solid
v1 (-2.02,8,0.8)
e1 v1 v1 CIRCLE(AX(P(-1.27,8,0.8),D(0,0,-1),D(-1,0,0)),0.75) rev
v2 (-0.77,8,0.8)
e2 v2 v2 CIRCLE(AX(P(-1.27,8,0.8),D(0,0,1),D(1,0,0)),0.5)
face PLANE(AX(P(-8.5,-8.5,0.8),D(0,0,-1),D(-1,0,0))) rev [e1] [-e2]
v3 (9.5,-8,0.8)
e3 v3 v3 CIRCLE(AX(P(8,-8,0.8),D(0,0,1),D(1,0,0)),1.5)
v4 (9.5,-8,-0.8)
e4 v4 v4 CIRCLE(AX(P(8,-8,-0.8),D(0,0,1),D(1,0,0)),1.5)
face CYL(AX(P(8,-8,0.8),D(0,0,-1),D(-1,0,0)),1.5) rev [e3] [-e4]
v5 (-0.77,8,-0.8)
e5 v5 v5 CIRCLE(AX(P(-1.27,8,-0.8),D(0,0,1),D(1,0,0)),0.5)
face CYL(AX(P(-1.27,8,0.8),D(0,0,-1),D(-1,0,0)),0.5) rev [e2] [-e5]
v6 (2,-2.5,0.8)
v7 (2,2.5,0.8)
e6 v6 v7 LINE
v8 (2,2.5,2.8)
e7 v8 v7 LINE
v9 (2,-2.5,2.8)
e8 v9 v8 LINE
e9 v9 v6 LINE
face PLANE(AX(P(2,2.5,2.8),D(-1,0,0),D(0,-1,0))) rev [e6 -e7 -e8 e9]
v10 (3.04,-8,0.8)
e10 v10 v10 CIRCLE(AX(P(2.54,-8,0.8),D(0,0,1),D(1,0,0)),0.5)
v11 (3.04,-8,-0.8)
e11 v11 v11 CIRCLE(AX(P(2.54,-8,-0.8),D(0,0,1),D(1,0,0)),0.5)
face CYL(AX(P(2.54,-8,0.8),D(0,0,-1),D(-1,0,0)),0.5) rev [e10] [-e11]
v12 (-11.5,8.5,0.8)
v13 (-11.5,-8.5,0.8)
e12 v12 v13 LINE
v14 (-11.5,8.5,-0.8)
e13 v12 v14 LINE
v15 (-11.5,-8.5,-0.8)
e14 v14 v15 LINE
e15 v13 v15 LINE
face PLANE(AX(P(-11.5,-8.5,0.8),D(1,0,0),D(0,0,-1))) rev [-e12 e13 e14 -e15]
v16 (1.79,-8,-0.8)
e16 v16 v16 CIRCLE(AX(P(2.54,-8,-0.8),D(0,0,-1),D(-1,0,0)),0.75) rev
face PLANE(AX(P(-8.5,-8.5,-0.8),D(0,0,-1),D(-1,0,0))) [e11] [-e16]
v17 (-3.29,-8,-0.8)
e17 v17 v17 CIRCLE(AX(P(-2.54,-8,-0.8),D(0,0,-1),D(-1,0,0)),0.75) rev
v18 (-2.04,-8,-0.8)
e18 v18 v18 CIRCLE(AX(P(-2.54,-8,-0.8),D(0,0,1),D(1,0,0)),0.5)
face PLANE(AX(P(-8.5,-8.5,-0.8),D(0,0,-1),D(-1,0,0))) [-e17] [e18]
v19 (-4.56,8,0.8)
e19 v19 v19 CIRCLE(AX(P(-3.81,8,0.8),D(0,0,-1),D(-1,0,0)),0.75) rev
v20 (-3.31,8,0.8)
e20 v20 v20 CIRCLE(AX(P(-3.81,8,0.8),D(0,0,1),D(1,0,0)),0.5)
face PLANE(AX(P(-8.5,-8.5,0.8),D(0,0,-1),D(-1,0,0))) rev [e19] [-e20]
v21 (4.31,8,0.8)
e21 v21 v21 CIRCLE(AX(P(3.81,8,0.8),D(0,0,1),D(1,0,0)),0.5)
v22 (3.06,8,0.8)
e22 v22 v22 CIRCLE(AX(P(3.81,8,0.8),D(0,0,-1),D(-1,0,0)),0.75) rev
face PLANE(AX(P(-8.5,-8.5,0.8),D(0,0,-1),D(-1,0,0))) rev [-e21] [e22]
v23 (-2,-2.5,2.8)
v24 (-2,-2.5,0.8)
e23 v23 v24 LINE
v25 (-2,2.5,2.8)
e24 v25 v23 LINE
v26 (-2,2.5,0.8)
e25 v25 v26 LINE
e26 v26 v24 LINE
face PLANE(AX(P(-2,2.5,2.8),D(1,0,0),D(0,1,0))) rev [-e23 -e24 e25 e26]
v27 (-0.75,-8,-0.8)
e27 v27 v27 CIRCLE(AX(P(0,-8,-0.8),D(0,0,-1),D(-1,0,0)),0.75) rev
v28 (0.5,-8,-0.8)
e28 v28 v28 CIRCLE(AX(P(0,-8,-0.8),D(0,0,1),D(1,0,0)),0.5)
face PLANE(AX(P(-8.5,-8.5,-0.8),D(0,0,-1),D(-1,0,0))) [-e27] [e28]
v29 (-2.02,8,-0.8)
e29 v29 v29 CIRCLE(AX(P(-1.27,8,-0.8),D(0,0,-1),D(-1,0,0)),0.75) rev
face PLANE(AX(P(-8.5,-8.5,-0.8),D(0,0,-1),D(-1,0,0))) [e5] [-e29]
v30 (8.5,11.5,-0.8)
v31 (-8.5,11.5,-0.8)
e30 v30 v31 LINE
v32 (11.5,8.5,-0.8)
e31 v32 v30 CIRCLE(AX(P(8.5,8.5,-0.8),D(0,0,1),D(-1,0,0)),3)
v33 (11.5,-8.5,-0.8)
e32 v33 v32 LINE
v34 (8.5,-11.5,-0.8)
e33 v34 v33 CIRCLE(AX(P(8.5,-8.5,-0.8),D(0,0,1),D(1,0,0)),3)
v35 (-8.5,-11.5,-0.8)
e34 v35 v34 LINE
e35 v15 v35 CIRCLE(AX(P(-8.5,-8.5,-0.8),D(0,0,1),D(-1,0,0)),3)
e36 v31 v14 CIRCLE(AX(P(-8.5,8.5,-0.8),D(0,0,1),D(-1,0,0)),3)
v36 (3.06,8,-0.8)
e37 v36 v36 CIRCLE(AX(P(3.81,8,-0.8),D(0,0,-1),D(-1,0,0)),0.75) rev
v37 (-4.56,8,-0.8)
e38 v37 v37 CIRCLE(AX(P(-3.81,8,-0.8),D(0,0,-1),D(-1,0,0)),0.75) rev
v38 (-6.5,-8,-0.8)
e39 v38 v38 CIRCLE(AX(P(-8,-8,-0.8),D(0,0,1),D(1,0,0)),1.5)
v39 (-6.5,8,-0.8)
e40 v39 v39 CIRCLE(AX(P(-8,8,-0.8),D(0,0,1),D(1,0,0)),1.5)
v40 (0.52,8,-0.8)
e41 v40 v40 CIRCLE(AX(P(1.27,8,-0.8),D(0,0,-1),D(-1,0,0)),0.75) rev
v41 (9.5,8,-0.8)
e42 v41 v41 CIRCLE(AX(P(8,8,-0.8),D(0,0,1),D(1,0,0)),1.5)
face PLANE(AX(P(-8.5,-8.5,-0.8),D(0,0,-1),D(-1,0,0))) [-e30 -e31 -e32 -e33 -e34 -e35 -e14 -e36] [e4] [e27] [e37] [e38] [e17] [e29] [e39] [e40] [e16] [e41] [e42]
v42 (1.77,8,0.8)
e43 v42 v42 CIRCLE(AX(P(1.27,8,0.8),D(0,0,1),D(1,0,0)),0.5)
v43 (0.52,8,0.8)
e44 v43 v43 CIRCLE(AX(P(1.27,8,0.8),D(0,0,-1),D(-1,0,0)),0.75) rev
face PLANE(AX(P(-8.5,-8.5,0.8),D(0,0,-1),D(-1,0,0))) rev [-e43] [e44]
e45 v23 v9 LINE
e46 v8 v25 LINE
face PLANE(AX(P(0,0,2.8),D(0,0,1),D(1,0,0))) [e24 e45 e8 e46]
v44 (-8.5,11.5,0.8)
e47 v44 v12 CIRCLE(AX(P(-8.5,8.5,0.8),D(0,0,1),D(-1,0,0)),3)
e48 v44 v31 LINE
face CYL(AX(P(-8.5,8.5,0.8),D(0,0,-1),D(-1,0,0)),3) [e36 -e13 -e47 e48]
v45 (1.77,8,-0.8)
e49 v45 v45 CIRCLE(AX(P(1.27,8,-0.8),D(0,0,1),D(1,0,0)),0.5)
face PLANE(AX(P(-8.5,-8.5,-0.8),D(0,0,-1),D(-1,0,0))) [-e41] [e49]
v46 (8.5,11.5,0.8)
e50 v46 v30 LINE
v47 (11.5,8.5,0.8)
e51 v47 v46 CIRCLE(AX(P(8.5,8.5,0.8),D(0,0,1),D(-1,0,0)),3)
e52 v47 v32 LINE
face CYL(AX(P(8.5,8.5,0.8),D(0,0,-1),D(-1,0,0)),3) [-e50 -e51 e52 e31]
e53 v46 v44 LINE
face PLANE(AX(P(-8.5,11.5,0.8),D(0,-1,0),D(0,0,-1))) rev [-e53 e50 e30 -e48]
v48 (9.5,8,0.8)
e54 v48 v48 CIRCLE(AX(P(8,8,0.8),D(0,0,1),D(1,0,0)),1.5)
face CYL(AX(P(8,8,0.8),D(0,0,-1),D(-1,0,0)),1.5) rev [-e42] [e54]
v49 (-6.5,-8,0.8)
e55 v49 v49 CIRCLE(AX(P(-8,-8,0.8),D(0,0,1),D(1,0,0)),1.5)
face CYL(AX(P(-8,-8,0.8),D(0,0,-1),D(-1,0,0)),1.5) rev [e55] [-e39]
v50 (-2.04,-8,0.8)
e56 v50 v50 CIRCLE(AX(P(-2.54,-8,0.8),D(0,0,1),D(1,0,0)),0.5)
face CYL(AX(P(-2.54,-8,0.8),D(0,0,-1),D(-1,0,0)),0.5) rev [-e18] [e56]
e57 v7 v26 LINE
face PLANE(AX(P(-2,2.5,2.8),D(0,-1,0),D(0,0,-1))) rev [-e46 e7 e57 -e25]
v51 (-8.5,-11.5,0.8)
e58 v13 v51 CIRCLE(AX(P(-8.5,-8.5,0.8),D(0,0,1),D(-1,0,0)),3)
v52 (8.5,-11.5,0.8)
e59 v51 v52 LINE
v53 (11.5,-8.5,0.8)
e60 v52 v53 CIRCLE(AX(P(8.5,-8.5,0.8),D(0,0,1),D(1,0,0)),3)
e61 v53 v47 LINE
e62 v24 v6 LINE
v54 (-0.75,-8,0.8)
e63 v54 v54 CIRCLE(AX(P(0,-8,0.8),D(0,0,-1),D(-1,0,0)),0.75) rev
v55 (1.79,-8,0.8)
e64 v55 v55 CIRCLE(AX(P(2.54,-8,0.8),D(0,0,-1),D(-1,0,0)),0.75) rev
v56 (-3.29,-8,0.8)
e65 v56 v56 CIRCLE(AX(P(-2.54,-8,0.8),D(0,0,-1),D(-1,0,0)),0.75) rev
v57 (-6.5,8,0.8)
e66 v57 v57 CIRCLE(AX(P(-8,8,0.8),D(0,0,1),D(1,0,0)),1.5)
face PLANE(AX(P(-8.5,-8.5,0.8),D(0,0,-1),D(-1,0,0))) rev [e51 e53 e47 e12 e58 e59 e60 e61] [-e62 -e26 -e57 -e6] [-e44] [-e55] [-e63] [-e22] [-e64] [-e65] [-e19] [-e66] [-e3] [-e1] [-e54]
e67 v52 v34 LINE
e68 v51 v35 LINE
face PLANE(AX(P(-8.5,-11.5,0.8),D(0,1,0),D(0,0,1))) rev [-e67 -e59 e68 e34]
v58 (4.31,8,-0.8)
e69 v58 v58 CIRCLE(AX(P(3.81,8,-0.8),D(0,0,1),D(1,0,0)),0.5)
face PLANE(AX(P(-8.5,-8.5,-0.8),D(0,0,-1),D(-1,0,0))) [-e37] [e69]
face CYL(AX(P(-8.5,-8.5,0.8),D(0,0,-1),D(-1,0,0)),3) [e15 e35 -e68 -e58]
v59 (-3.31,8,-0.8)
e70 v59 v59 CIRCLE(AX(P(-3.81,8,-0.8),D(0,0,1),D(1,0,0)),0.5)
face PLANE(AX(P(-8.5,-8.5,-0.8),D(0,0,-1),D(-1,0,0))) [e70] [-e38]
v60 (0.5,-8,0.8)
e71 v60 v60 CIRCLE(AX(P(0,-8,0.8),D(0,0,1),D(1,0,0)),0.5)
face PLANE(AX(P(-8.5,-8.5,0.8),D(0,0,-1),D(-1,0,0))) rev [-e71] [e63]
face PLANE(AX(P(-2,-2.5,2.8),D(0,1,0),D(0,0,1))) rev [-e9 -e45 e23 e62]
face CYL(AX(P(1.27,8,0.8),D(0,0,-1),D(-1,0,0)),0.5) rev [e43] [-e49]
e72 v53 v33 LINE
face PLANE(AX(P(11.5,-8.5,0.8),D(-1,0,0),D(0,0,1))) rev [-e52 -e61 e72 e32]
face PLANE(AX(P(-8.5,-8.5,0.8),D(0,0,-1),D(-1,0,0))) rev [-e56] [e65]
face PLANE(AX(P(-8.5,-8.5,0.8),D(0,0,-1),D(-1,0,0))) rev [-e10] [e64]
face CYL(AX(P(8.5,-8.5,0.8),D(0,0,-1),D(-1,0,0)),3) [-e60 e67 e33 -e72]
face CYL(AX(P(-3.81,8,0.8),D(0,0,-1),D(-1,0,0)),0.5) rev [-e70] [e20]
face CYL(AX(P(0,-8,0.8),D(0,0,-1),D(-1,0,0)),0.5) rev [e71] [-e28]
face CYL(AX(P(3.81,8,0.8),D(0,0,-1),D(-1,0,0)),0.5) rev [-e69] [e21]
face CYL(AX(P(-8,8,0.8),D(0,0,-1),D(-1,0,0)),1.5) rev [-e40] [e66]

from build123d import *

# Parameters (mm, degrees)
SKETCH1_R           = 1.5
SKETCH1_R_2         = 0.5
BOSS_EXTRUDE1_DEPTH = 0.8
SKETCH2_W           = 4
SKETCH2_H           = 5
BOSS_EXTRUDE2_DEPTH = 2


with BuildPart() as part:
    # Sketch1 → Boss-Extrude1 (new body, symmetric)
    with BuildSketch(Plane.XY):
        with BuildLine():
            Line((-8.5, -11.5), (8.5, -11.5))
            ThreePointArc((8.5, -11.5), (10.621320344, -10.621320344), (11.5, -8.5))
            Line((11.5, -8.5), (11.5, 8.5))
            ThreePointArc((11.5, 8.5), (10.621320344, 10.621320344), (8.5, 11.5))
            Line((8.5, 11.5), (-8.5, 11.5))
            ThreePointArc((-8.5, 11.5), (-10.621320344, 10.621320344), (-11.5, 8.5))
            Line((-11.5, 8.5), (-11.5, -8.5))
            ThreePointArc((-11.5, -8.5), (-10.621320344, -10.621320344), (-8.5, -11.5))
        make_face()
        with Locations((-8, 8)):
            Circle(SKETCH1_R, mode=Mode.SUBTRACT)
        with Locations((8, 8)):
            Circle(SKETCH1_R, mode=Mode.SUBTRACT)
        with Locations((8, -8)):
            Circle(SKETCH1_R, mode=Mode.SUBTRACT)
        with Locations((-8, -8)):
            Circle(SKETCH1_R, mode=Mode.SUBTRACT)
        with Locations((0, -8)):
            Circle(SKETCH1_R_2, mode=Mode.SUBTRACT)
        with Locations((-2.54, -8)):
            Circle(SKETCH1_R_2, mode=Mode.SUBTRACT)
        with Locations((2.54, -8)):
            Circle(SKETCH1_R_2, mode=Mode.SUBTRACT)
        with Locations((-1.27, 8)):
            Circle(SKETCH1_R_2, mode=Mode.SUBTRACT)
        with Locations((1.27, 8)):
            Circle(SKETCH1_R_2, mode=Mode.SUBTRACT)
        with Locations((-3.81, 8)):
            Circle(SKETCH1_R_2, mode=Mode.SUBTRACT)
        with Locations((3.81, 8)):
            Circle(SKETCH1_R_2, mode=Mode.SUBTRACT)
    extrude(amount=BOSS_EXTRUDE1_DEPTH, both=True)

    # Sketch2 → Boss-Extrude2 (add)
    with BuildSketch(Plane.XY.offset(0.8)):
        Rectangle(SKETCH2_W, SKETCH2_H)
    extrude(amount=BOSS_EXTRUDE2_DEPTH)


solid = part.part
